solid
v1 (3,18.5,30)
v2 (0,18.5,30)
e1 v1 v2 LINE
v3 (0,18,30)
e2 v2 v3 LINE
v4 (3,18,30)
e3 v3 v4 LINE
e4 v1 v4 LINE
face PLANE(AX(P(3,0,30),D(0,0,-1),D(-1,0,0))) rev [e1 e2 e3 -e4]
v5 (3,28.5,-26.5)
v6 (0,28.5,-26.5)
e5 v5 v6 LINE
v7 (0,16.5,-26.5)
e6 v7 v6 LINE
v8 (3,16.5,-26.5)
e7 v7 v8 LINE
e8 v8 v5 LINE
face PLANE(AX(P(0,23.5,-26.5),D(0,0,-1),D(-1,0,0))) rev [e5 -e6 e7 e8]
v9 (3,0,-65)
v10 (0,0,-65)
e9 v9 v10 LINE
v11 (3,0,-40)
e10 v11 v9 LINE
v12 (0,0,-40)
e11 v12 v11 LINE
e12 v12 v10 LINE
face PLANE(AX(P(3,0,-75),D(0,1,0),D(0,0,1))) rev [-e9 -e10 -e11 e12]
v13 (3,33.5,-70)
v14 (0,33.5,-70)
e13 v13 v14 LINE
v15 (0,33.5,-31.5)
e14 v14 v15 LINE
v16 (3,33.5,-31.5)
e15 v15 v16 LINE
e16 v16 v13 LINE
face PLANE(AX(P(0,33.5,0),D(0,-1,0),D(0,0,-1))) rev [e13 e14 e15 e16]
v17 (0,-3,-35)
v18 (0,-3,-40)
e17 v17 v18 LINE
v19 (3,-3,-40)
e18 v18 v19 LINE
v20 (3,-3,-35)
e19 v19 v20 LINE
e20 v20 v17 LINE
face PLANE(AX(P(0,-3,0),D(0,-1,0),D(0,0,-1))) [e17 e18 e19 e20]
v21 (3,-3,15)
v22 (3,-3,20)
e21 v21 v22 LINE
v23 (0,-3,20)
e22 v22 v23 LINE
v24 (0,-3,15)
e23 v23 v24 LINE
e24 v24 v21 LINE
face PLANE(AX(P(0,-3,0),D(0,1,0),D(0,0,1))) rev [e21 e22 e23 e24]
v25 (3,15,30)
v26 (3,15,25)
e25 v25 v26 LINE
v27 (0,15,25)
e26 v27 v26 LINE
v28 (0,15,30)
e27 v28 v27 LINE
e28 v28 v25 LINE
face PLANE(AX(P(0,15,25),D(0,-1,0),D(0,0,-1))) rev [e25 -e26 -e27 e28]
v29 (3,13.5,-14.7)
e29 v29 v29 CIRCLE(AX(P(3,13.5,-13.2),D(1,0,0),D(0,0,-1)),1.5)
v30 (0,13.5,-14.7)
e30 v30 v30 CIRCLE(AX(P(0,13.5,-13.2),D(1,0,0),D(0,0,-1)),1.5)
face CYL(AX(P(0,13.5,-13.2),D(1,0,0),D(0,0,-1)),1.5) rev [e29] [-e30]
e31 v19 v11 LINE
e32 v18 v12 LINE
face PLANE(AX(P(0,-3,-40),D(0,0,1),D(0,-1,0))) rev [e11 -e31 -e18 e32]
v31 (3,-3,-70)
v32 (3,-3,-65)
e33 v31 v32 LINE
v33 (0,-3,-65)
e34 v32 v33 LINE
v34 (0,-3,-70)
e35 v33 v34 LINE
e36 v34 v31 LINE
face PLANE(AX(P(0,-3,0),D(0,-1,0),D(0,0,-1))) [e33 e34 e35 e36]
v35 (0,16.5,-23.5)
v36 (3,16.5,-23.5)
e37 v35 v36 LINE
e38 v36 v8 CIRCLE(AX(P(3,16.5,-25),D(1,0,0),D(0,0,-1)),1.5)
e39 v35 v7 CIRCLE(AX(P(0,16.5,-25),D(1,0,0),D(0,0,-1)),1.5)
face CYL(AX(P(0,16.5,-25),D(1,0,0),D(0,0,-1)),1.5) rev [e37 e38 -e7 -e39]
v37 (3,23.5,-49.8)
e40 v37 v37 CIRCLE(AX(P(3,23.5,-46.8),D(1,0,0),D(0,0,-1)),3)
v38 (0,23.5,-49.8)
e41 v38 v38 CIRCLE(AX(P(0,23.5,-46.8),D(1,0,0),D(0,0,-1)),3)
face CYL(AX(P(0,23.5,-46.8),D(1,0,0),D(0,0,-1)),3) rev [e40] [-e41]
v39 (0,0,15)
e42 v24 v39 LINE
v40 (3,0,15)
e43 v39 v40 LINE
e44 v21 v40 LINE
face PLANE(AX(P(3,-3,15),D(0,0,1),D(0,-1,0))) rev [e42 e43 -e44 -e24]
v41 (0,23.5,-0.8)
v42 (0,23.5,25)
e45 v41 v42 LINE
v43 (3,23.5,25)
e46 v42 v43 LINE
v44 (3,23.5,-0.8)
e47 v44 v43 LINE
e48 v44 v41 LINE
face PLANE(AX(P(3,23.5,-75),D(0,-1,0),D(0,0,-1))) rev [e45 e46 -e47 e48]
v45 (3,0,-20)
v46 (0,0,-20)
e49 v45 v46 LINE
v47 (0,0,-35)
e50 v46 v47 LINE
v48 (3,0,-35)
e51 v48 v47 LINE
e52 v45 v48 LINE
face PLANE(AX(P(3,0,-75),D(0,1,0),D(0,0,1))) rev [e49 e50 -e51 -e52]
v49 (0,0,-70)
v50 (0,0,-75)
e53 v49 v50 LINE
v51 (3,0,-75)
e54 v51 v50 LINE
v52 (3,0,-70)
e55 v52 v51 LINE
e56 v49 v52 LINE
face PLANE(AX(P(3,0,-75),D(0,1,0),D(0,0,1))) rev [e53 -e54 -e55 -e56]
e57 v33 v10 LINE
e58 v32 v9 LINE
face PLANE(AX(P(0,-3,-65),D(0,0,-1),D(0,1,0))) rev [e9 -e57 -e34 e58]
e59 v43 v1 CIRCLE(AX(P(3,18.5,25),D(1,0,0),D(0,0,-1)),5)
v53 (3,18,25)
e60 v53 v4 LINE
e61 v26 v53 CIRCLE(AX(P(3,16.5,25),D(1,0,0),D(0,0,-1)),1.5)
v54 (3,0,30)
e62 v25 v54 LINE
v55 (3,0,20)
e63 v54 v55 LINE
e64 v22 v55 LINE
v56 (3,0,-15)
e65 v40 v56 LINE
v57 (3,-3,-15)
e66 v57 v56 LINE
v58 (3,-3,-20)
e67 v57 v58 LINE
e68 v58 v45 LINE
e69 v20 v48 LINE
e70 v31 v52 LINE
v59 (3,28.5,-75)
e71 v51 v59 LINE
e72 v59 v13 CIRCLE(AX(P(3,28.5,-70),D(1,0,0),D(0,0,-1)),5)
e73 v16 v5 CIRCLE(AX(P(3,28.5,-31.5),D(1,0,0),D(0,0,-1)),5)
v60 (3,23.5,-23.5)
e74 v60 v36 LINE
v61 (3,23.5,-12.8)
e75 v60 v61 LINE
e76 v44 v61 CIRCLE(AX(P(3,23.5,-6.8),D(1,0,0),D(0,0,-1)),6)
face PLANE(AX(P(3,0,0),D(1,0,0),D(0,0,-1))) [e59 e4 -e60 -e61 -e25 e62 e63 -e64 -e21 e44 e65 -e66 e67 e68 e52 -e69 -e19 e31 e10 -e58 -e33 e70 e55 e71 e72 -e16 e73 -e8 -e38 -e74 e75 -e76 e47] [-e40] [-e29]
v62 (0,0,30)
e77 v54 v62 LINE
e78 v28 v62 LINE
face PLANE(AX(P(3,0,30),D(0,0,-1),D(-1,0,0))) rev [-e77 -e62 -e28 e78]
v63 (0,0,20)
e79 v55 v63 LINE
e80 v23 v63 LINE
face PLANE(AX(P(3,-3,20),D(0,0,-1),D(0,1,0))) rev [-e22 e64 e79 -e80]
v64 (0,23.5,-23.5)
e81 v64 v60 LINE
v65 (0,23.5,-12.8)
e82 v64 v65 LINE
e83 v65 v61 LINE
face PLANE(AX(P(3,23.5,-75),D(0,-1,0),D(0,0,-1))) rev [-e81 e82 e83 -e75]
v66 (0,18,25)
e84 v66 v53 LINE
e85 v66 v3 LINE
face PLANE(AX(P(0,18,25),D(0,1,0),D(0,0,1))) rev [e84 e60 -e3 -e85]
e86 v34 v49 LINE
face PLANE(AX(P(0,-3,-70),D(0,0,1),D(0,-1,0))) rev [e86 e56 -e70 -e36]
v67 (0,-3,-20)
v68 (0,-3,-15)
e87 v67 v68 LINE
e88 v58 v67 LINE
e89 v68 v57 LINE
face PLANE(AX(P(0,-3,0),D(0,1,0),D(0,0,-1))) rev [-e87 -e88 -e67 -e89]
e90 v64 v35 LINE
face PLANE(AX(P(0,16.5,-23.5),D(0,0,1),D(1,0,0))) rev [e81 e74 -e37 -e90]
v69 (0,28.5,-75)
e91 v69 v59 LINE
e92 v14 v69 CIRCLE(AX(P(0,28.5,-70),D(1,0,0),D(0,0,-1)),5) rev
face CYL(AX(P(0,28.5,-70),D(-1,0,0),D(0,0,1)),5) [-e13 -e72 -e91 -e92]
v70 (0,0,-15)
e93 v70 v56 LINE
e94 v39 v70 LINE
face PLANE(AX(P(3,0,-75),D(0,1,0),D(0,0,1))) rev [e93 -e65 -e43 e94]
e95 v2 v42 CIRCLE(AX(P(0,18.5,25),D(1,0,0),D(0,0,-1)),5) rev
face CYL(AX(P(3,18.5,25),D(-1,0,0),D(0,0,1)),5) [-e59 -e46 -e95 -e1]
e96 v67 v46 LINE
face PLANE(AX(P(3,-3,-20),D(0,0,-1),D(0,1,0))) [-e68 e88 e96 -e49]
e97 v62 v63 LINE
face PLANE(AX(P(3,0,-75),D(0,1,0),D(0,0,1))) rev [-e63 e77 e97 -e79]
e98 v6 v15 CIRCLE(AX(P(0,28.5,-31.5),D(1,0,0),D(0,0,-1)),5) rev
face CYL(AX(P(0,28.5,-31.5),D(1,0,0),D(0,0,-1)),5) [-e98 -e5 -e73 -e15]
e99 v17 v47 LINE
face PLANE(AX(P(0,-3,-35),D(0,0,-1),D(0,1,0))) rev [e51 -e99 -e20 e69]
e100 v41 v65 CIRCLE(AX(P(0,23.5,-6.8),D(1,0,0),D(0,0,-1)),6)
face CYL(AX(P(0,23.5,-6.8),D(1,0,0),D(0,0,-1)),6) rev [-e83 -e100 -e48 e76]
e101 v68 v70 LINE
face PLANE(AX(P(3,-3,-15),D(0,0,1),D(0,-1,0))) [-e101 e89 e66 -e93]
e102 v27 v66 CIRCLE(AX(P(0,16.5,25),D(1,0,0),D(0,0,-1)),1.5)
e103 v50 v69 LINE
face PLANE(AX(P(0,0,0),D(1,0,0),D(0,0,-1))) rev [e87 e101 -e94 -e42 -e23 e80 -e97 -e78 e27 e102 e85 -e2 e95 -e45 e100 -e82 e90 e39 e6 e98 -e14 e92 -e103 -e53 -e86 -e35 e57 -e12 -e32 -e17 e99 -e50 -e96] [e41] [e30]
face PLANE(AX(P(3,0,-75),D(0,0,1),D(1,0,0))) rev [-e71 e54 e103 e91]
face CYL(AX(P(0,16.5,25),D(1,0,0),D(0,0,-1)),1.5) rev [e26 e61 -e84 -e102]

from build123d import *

# Parameters (mm, degrees)
SKETCH1_W           = 105
SKETCH1_H           = 23.5
BOSS_EXTRUDE1_DEPTH = 3
SKETCH2_R           = 6
SKETCH2_R_2         = 1.5
CUT_EXTRUDE1_DEPTH  = 4
CUT_EXTRUDE2_DEPTH  = 4
SKETCH4_W           = 3
SKETCH4_H           = 5
BOSS_EXTRUDE2_DEPTH = 3
CUT_EXTRUDE4_DEPTH  = 4
SKETCH5_W           = 3
SKETCH5_H           = 5
BOSS_EXTRUDE3_DEPTH = 3
SKETCH9_W           = 3
SKETCH9_H           = 48.5
BOSS_EXTRUDE5_DEPTH = 10
SKETCH10_R          = 3
CUT_EXTRUDE5_DEPTH  = 4
FILLET5_R           = 5


with BuildPart() as part:
    # Sketch1 → Boss-Extrude1 (new body)
    with BuildSketch(Plane(origin=(0, 0, 0), x_dir=(0, 0, -1), z_dir=(1, 0, 0))):
        with Locations((22.5, 11.75)):
            Rectangle(SKETCH1_W, SKETCH1_H)
    extrude(amount=BOSS_EXTRUDE1_DEPTH)

    # Sketch2 → Cut-Extrude1 (cut, through all)
    with BuildSketch(Plane(origin=(3, 0, 0), x_dir=(0, 0, -1), z_dir=(1, 0, 0))):
        with Locations((6.8, 23.5)):
            Circle(SKETCH2_R)
        with Locations((13.2, 13.5)):
            Circle(SKETCH2_R_2)
    extrude(amount=-CUT_EXTRUDE1_DEPTH, mode=Mode.SUBTRACT)

    # Sketch3 → Cut-Extrude2 (cut, through all)
    with BuildSketch(Plane(origin=(3, 0, 0), x_dir=(0, 0, -1), z_dir=(1, 0, 0))):
        with BuildLine():
            Line((-25, 15), (-30, 15))
            Line((-30, 15), (-30, 18))
            Line((-30, 18), (-25, 18))
            ThreePointArc((-25, 18), (-23.5, 16.5), (-25, 15))
        make_face()
    extrude(amount=-CUT_EXTRUDE2_DEPTH, mode=Mode.SUBTRACT)

    # Sketch4 → Boss-Extrude2 (add)
    with BuildSketch(Plane.XZ):
        with Locations((1.5, 17.5)):
            Rectangle(SKETCH4_W, SKETCH4_H)
    boss_extrude2 = extrude(amount=BOSS_EXTRUDE2_DEPTH)

    # Mirror4: Boss-Extrude2 across plane
    add(boss_extrude2.mirror(Plane.XY))

    # Sketch8 → Cut-Extrude4 (cut, through all)
    with BuildSketch(Plane(origin=(3, 0, 0), x_dir=(0, 0, -1), z_dir=(1, 0, 0))):
        with BuildLine():
            Line((23.5, 16.5), (23.5, 23.5))
            Line((23.5, 23.5), (26.5, 23.5))
            Line((26.5, 23.5), (26.5, 16.5))
            ThreePointArc((26.5, 16.5), (25, 15), (23.5, 16.5))
        make_face()
    extrude(amount=-CUT_EXTRUDE4_DEPTH, mode=Mode.SUBTRACT)

    # Sketch5 → Boss-Extrude3 (add)
    with BuildSketch(Plane.XZ):
        with Locations((1.5, -37.5)):
            Rectangle(SKETCH5_W, SKETCH5_H)
        with Locations((1.5, -67.5)):
            Rectangle(SKETCH5_W, SKETCH5_H)
    extrude(amount=BOSS_EXTRUDE3_DEPTH)

    # Sketch9 → Boss-Extrude5 (add)
    with BuildSketch(Plane(origin=(0, 23.5, 0), x_dir=(1, 0, 0), z_dir=(0, 1, 0))):
        with Locations((1.5, 50.75)):
            Rectangle(SKETCH9_W, SKETCH9_H)
    extrude(amount=BOSS_EXTRUDE5_DEPTH)

    # Sketch10 → Cut-Extrude5 (cut, through all)
    with BuildSketch(Plane(origin=(3, 0, 0), x_dir=(0, 0, -1), z_dir=(1, 0, 0))):
        with Locations((46.8, 23.5)):
            Circle(SKETCH10_R)
    extrude(amount=-CUT_EXTRUDE5_DEPTH, mode=Mode.SUBTRACT)

    # Fillet5
    fillet5_edges = [part.edges().sort_by_distance(p)[0] for p in [
        (1.5, 33.5, -26.5),
        (1.5, 33.5, -75),
        (1.5, 23.5, 30),
    ]]
    fillet(fillet5_edges, radius=FILLET5_R)


solid = part.part
